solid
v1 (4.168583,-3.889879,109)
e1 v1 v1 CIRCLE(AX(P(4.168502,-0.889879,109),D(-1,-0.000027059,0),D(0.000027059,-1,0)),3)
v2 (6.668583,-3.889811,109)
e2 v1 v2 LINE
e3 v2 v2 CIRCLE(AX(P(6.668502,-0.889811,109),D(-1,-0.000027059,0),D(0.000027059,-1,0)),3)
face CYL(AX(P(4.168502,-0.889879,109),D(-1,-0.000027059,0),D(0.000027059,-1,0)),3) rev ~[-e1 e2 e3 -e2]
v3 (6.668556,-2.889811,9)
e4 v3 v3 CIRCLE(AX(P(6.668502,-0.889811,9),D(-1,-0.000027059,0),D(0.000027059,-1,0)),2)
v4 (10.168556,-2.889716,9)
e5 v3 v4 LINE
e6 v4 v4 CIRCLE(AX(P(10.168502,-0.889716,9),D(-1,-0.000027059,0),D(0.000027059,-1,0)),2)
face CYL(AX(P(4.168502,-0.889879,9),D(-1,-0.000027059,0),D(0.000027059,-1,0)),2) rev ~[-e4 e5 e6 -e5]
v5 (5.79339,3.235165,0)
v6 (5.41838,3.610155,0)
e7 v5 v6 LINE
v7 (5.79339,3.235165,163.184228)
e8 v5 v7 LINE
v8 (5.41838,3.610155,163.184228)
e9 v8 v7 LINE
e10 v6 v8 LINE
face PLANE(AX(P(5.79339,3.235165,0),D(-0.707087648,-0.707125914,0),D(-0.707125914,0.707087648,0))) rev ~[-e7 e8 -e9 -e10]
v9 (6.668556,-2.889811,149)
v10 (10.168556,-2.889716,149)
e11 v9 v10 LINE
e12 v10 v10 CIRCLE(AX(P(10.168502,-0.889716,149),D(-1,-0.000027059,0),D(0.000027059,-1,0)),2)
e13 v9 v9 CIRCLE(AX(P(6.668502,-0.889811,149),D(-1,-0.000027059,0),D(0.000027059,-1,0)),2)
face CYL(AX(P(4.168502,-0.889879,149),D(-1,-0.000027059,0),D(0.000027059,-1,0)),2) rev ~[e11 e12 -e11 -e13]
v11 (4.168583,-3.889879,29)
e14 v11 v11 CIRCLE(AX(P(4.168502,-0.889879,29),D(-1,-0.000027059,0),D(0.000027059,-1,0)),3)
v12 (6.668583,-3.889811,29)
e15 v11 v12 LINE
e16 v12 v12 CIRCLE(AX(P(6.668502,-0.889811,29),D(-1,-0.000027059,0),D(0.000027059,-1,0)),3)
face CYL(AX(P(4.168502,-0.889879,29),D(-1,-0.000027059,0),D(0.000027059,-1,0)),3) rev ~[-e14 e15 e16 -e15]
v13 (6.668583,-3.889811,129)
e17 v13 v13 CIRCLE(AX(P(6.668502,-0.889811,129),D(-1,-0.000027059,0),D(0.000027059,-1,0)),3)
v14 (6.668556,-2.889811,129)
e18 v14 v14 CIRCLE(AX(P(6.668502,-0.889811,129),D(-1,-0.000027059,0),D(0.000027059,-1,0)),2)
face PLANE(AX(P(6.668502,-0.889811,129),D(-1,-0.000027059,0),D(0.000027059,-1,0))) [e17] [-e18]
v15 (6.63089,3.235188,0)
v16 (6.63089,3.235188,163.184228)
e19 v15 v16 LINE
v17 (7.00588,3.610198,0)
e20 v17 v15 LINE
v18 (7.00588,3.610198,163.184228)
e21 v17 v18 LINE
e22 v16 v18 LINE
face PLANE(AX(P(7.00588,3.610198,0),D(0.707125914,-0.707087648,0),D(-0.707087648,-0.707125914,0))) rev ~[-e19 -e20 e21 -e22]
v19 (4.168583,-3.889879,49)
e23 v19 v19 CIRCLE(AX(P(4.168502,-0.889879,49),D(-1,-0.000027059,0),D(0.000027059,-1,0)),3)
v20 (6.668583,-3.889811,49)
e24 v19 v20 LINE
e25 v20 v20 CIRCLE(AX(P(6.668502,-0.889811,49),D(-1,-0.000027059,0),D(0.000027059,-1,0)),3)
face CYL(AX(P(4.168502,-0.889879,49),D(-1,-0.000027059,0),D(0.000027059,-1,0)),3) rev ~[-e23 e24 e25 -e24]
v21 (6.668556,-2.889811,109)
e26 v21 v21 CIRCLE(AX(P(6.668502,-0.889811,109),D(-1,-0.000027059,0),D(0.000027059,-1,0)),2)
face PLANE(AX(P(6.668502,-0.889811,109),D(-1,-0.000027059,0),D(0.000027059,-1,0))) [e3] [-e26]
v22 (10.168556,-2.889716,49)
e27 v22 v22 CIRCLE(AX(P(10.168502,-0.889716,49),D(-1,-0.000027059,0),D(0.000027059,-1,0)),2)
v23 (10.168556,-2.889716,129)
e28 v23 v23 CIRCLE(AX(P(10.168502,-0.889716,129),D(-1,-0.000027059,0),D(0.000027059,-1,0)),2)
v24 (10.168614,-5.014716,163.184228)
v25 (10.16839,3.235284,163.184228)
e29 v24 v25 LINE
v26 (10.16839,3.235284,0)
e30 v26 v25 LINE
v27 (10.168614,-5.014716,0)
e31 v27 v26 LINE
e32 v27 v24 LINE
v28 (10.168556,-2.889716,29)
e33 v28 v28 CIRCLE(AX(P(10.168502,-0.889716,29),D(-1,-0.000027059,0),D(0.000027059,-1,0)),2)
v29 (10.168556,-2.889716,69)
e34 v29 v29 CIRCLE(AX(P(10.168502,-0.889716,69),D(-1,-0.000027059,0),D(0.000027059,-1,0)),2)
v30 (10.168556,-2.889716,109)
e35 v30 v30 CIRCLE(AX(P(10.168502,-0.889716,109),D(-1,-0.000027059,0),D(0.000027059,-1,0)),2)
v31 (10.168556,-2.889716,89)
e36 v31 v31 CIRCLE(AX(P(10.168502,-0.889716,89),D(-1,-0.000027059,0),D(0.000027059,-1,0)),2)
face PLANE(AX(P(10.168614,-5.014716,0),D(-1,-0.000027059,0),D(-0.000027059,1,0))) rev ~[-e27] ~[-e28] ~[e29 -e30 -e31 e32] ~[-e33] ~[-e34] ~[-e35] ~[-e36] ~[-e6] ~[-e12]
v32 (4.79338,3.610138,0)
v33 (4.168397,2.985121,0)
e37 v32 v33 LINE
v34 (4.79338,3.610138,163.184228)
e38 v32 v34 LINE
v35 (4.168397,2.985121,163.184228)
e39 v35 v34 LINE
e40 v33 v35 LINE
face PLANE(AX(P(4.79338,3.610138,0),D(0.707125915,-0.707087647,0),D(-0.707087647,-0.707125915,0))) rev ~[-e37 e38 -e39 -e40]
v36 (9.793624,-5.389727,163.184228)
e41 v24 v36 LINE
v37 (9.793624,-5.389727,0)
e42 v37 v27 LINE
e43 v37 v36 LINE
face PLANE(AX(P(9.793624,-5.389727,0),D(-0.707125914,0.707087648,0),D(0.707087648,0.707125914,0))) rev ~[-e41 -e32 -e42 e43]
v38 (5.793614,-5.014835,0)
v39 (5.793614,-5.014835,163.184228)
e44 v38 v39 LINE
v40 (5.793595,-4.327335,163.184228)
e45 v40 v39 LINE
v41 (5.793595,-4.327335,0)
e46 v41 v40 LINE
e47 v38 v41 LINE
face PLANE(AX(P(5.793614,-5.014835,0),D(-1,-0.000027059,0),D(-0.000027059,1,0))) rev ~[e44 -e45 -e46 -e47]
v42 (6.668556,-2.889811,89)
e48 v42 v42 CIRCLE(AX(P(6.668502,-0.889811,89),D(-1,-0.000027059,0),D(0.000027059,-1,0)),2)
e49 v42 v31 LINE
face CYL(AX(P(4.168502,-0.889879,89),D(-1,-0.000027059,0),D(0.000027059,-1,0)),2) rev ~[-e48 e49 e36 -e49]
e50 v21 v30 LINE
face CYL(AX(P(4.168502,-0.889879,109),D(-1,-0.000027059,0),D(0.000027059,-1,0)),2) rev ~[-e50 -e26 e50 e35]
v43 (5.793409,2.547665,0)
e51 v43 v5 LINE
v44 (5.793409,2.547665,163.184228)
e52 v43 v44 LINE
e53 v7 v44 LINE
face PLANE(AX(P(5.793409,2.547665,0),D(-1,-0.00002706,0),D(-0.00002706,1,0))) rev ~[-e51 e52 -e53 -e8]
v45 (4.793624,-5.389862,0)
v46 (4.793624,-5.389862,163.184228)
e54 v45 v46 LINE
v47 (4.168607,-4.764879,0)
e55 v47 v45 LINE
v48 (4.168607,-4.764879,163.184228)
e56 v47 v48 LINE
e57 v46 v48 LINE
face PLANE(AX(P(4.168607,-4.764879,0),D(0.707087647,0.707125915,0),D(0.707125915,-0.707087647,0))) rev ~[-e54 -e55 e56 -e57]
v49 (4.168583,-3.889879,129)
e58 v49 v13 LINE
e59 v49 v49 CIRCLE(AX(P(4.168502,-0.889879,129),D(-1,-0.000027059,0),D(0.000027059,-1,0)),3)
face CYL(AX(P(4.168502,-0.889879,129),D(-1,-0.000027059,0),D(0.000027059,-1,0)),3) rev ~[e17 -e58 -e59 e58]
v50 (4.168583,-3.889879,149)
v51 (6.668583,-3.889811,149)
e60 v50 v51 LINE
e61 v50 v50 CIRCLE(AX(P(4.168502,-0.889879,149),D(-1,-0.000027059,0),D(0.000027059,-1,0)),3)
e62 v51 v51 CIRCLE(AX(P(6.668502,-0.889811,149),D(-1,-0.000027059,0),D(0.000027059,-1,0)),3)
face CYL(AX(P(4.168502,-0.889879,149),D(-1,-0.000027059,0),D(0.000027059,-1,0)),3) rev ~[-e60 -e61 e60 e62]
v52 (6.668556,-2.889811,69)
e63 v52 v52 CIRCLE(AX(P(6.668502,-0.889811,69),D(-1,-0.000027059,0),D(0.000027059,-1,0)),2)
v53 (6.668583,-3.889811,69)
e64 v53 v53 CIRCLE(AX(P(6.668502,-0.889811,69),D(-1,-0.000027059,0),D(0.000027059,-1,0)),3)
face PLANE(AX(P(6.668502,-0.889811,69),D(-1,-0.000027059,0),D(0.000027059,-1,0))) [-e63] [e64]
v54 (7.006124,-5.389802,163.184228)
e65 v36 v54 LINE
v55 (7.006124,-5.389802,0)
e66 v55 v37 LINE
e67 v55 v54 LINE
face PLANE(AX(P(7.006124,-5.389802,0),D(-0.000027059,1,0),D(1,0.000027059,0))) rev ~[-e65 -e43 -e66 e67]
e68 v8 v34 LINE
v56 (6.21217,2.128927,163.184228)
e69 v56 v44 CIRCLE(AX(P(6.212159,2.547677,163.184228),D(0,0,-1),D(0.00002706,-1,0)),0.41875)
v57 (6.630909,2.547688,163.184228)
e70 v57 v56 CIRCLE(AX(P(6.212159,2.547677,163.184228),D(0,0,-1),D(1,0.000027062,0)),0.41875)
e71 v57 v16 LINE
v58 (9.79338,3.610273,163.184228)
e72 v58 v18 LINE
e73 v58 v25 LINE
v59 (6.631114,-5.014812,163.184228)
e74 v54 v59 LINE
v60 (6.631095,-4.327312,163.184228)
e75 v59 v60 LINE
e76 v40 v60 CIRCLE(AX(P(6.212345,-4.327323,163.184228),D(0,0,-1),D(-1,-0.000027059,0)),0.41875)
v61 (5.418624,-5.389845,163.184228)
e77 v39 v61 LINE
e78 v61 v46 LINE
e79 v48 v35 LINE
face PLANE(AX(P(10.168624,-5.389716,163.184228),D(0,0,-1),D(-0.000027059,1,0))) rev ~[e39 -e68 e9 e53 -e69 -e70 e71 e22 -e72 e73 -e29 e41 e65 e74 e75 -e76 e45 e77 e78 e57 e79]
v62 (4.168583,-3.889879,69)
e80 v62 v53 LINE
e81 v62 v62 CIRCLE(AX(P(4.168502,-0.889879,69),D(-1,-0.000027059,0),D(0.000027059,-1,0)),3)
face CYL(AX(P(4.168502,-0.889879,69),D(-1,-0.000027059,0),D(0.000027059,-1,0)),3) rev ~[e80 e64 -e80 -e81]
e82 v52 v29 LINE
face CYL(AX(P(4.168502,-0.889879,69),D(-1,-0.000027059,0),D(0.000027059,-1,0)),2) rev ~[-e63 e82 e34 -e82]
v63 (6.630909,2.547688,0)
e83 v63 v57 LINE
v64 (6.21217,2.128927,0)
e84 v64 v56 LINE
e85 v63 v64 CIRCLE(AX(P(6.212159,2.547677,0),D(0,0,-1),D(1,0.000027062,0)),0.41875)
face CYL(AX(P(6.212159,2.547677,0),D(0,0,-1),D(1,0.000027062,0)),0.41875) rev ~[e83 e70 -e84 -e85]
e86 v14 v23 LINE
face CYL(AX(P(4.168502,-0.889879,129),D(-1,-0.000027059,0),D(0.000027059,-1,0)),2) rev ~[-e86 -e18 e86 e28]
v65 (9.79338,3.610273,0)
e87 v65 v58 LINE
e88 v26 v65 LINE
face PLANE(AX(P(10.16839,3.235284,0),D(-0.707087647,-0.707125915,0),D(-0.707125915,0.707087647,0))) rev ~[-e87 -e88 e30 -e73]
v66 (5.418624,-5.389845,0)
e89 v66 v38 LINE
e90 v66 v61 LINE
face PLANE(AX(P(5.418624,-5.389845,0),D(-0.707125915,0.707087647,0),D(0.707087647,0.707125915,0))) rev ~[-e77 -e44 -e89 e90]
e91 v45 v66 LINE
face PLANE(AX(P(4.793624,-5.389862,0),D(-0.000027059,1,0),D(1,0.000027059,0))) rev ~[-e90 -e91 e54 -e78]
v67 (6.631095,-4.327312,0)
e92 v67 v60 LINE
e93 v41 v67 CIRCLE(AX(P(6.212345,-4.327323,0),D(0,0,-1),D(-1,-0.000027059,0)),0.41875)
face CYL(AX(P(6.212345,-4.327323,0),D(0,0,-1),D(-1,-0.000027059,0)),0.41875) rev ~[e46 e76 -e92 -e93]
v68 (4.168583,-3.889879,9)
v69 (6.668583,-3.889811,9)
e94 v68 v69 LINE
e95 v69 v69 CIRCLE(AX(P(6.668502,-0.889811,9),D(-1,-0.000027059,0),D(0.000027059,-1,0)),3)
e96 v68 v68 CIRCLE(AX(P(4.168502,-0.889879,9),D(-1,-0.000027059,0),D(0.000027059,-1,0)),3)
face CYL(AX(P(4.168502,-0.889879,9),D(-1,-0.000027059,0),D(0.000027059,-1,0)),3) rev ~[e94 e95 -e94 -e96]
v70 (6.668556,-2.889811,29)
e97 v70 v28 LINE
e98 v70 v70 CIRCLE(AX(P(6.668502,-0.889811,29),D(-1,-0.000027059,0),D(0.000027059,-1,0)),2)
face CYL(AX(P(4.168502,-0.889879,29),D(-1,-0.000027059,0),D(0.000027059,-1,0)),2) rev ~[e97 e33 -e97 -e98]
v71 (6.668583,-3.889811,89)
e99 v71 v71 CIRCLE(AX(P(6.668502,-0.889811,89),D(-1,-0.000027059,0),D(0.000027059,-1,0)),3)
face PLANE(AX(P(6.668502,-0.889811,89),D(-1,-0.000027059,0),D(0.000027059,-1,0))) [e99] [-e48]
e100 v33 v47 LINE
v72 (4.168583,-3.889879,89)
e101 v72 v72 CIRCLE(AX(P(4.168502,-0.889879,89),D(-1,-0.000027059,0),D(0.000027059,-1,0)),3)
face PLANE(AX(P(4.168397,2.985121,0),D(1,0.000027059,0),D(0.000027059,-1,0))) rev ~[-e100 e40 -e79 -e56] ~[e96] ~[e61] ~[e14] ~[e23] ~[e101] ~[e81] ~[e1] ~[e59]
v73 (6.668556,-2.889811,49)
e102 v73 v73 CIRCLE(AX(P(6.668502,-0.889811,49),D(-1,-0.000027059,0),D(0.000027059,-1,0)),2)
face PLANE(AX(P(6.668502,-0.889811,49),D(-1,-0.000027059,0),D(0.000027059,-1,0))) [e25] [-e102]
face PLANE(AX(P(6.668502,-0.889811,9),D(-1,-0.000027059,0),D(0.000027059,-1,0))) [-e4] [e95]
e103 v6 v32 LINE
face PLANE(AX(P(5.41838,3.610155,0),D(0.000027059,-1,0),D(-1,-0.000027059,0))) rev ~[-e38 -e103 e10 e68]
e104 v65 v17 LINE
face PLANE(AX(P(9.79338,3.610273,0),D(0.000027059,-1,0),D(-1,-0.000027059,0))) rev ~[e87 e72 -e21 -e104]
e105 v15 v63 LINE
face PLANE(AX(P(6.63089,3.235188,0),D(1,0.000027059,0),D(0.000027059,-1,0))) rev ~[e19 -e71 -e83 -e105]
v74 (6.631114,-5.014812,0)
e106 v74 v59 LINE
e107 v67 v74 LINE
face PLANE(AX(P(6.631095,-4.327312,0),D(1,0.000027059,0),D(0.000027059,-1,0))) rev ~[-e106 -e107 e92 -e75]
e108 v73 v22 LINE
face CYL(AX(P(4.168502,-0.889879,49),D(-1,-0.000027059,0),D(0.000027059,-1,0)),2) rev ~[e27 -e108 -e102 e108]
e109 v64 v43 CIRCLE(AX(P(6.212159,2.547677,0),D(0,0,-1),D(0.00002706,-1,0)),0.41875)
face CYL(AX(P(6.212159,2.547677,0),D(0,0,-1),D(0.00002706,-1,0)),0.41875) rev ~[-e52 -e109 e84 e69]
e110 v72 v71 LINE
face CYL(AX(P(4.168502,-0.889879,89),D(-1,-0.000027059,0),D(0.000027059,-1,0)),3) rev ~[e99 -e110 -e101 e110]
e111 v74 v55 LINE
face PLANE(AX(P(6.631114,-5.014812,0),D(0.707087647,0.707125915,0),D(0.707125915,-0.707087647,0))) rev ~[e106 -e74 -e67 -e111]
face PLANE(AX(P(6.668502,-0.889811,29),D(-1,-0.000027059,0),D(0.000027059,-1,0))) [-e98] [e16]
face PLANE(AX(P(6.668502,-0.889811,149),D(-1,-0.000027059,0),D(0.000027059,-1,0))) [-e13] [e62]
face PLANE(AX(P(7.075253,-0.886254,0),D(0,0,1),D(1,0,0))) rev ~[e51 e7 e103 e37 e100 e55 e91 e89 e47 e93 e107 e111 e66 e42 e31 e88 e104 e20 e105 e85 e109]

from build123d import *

# Parameters (mm, degrees)
BOSS_EXTRUDE4_DEPTH = 200
SKETCH3_R           = 2
CUT_EXTRUDE1_DEPTH  = 200
SKETCH3_3_R         = 3
SKETCH3_3_R_2       = 2
CUT_EXTRUDE2_DEPTH  = 2.5
SKETCH4_W           = 36.815771896
SKETCH4_H           = 9
CUT_EXTRUDE3_DEPTH  = 10


with BuildPart() as part:
    # Sketch1 → Boss-Extrude4 (new body)
    with BuildSketch(Plane.XY):
        with BuildLine():
            Line((10.168613541, -5.014716436), (10.168390302, 3.235283561))
            Line((10.168390302, 3.235283561), (9.793380155, 3.610273413))
            Line((9.793380155, 3.610273413), (7.005880156, 3.610197985))
            Line((7.005880156, 3.610197985), (6.630890303, 3.235187838))
            Line((6.630890303, 3.235187838), (6.630908906, 2.547687839))
            ThreePointArc((6.630908906, 2.547687839), (6.508267883, 2.251583555), (6.212170237, 2.128926508))
            ThreePointArc((6.212170237, 2.128926508), (5.916065954, 2.251567531), (5.793408907, 2.547665177))
            Line((5.793408907, 2.547665177), (5.793390303, 3.235165176))
            Line((5.793390303, 3.235165176), (5.418380156, 3.610155029))
            Line((5.418380156, 3.610155029), (4.793380156, 3.610138117))
            Line((4.793380156, 3.610138117), (4.168397069, 2.985121205))
            Line((4.168397069, 2.985121205), (4.168606778, -4.764878792))
            Line((4.168606778, -4.764878792), (4.79362369, -5.38986188))
            Line((4.79362369, -5.38986188), (5.41862369, -5.389844968))
            Line((5.41862369, -5.389844968), (5.793613542, -5.014834821))
            Line((5.793613542, -5.014834821), (5.793594939, -4.327334821))
            ThreePointArc((5.793594939, -4.327334821), (6.212333608, -3.90857349), (6.631094939, -4.327312159))
            Line((6.631094939, -4.327312159), (6.631113542, -5.014812159))
            Line((6.631113542, -5.014812159), (7.006123689, -5.389802011))
            Line((7.006123689, -5.389802011), (9.793623688, -5.389726583))
            Line((9.793623688, -5.389726583), (10.168613541, -5.014716436))
        make_face()
    extrude(amount=BOSS_EXTRUDE4_DEPTH)

    # Sketch3 → Cut-Extrude1 (cut)
    with BuildSketch(Plane(origin=(4.168477841, 0.000112796, 0), x_dir=(0, 0, 1), z_dir=(-0.999999999633898, -2.7059269393071615e-05, 0))):
        with Locations((9, -0.88999159)):
            Circle(SKETCH3_R)
        with Locations((29, -0.88999159)):
            Circle(SKETCH3_R)
        with Locations((49, -0.88999159)):
            Circle(SKETCH3_R)
        with Locations((69, -0.88999159)):
            Circle(SKETCH3_R)
        with Locations((89, -0.88999159)):
            Circle(SKETCH3_R)
        with Locations((109, -0.88999159)):
            Circle(SKETCH3_R)
        with Locations((129, -0.88999159)):
            Circle(SKETCH3_R)
        with Locations((149, -0.88999159)):
            Circle(SKETCH3_R)
        with Locations((169, -0.88999159)):
            Circle(SKETCH3_R)
        with Locations((189, -0.88999159)):
            Circle(SKETCH3_R)
    extrude(amount=-CUT_EXTRUDE1_DEPTH, mode=Mode.SUBTRACT)

    # Sketch3<3> → Cut-Extrude2 (cut)
    # profile 1 of 10: a face of its own
    with BuildSketch(Plane(origin=(4.168477841, 0.000112796, 0), x_dir=(0, 0, 1), z_dir=(-0.999999999633898, -2.7059269393071615e-05, 0))):
        with Locations((9, -0.88999159)):
            Circle(SKETCH3_3_R)
        with Locations((9, -0.88999159)):
            Circle(SKETCH3_3_R_2, mode=Mode.SUBTRACT)
    # profile 2 of 10: a face of its own
    with BuildSketch(Plane(origin=(4.168477841, 0.000112796, 0), x_dir=(0, 0, 1), z_dir=(-0.999999999633898, -2.7059269393071615e-05, 0))):
        with Locations((29, -0.88999159)):
            Circle(SKETCH3_3_R)
        with Locations((29, -0.88999159)):
            Circle(SKETCH3_3_R_2, mode=Mode.SUBTRACT)
    # profile 3 of 10: a face of its own
    with BuildSketch(Plane(origin=(4.168477841, 0.000112796, 0), x_dir=(0, 0, 1), z_dir=(-0.999999999633898, -2.7059269393071615e-05, 0))):
        with Locations((49, -0.88999159)):
            Circle(SKETCH3_3_R)
        with Locations((49, -0.88999159)):
            Circle(SKETCH3_3_R_2, mode=Mode.SUBTRACT)
    # profile 4 of 10: a face of its own
    with BuildSketch(Plane(origin=(4.168477841, 0.000112796, 0), x_dir=(0, 0, 1), z_dir=(-0.999999999633898, -2.7059269393071615e-05, 0))):
        with Locations((69, -0.88999159)):
            Circle(SKETCH3_3_R)
        with Locations((69, -0.88999159)):
            Circle(SKETCH3_3_R_2, mode=Mode.SUBTRACT)
    # profile 5 of 10: a face of its own
    with BuildSketch(Plane(origin=(4.168477841, 0.000112796, 0), x_dir=(0, 0, 1), z_dir=(-0.999999999633898, -2.7059269393071615e-05, 0))):
        with Locations((89, -0.88999159)):
            Circle(SKETCH3_3_R)
        with Locations((89, -0.88999159)):
            Circle(SKETCH3_3_R_2, mode=Mode.SUBTRACT)
    # profile 6 of 10: a face of its own
    with BuildSketch(Plane(origin=(4.168477841, 0.000112796, 0), x_dir=(0, 0, 1), z_dir=(-0.999999999633898, -2.7059269393071615e-05, 0))):
        with Locations((109, -0.88999159)):
            Circle(SKETCH3_3_R)
    # profile 7 of 10: a face of its own
    with BuildSketch(Plane(origin=(4.168477841, 0.000112796, 0), x_dir=(0, 0, 1), z_dir=(-0.999999999633898, -2.7059269393071615e-05, 0))):
        with Locations((129, -0.88999159)):
            Circle(SKETCH3_3_R)
    # profile 8 of 10: a face of its own
    with BuildSketch(Plane(origin=(4.168477841, 0.000112796, 0), x_dir=(0, 0, 1), z_dir=(-0.999999999633898, -2.7059269393071615e-05, 0))):
        with Locations((149, -0.88999159)):
            Circle(SKETCH3_3_R)
    # profile 9 of 10: a face of its own
    with BuildSketch(Plane(origin=(4.168477841, 0.000112796, 0), x_dir=(0, 0, 1), z_dir=(-0.999999999633898, -2.7059269393071615e-05, 0))):
        with Locations((169, -0.88999159)):
            Circle(SKETCH3_3_R)
    # profile 10 of 10: a face of its own
    with BuildSketch(Plane(origin=(4.168477841, 0.000112796, 0), x_dir=(0, 0, 1), z_dir=(-0.999999999633898, -2.7059269393071615e-05, 0))):
        with Locations((189, -0.88999159)):
            Circle(SKETCH3_3_R)
    extrude(amount=-CUT_EXTRUDE2_DEPTH, mode=Mode.SUBTRACT)

    # Sketch4 → Cut-Extrude3 (cut)
    with BuildSketch(Plane(origin=(10.168477839, 0.000275152, 0), x_dir=(0, 0, -1), z_dir=(0.999999999633898, 2.7059269386201862e-05, 0))):
        with Locations((-181.592114052, -0.88999159)):
            Rectangle(SKETCH4_W, SKETCH4_H)
    extrude(amount=-CUT_EXTRUDE3_DEPTH, mode=Mode.SUBTRACT)


solid = part.part
